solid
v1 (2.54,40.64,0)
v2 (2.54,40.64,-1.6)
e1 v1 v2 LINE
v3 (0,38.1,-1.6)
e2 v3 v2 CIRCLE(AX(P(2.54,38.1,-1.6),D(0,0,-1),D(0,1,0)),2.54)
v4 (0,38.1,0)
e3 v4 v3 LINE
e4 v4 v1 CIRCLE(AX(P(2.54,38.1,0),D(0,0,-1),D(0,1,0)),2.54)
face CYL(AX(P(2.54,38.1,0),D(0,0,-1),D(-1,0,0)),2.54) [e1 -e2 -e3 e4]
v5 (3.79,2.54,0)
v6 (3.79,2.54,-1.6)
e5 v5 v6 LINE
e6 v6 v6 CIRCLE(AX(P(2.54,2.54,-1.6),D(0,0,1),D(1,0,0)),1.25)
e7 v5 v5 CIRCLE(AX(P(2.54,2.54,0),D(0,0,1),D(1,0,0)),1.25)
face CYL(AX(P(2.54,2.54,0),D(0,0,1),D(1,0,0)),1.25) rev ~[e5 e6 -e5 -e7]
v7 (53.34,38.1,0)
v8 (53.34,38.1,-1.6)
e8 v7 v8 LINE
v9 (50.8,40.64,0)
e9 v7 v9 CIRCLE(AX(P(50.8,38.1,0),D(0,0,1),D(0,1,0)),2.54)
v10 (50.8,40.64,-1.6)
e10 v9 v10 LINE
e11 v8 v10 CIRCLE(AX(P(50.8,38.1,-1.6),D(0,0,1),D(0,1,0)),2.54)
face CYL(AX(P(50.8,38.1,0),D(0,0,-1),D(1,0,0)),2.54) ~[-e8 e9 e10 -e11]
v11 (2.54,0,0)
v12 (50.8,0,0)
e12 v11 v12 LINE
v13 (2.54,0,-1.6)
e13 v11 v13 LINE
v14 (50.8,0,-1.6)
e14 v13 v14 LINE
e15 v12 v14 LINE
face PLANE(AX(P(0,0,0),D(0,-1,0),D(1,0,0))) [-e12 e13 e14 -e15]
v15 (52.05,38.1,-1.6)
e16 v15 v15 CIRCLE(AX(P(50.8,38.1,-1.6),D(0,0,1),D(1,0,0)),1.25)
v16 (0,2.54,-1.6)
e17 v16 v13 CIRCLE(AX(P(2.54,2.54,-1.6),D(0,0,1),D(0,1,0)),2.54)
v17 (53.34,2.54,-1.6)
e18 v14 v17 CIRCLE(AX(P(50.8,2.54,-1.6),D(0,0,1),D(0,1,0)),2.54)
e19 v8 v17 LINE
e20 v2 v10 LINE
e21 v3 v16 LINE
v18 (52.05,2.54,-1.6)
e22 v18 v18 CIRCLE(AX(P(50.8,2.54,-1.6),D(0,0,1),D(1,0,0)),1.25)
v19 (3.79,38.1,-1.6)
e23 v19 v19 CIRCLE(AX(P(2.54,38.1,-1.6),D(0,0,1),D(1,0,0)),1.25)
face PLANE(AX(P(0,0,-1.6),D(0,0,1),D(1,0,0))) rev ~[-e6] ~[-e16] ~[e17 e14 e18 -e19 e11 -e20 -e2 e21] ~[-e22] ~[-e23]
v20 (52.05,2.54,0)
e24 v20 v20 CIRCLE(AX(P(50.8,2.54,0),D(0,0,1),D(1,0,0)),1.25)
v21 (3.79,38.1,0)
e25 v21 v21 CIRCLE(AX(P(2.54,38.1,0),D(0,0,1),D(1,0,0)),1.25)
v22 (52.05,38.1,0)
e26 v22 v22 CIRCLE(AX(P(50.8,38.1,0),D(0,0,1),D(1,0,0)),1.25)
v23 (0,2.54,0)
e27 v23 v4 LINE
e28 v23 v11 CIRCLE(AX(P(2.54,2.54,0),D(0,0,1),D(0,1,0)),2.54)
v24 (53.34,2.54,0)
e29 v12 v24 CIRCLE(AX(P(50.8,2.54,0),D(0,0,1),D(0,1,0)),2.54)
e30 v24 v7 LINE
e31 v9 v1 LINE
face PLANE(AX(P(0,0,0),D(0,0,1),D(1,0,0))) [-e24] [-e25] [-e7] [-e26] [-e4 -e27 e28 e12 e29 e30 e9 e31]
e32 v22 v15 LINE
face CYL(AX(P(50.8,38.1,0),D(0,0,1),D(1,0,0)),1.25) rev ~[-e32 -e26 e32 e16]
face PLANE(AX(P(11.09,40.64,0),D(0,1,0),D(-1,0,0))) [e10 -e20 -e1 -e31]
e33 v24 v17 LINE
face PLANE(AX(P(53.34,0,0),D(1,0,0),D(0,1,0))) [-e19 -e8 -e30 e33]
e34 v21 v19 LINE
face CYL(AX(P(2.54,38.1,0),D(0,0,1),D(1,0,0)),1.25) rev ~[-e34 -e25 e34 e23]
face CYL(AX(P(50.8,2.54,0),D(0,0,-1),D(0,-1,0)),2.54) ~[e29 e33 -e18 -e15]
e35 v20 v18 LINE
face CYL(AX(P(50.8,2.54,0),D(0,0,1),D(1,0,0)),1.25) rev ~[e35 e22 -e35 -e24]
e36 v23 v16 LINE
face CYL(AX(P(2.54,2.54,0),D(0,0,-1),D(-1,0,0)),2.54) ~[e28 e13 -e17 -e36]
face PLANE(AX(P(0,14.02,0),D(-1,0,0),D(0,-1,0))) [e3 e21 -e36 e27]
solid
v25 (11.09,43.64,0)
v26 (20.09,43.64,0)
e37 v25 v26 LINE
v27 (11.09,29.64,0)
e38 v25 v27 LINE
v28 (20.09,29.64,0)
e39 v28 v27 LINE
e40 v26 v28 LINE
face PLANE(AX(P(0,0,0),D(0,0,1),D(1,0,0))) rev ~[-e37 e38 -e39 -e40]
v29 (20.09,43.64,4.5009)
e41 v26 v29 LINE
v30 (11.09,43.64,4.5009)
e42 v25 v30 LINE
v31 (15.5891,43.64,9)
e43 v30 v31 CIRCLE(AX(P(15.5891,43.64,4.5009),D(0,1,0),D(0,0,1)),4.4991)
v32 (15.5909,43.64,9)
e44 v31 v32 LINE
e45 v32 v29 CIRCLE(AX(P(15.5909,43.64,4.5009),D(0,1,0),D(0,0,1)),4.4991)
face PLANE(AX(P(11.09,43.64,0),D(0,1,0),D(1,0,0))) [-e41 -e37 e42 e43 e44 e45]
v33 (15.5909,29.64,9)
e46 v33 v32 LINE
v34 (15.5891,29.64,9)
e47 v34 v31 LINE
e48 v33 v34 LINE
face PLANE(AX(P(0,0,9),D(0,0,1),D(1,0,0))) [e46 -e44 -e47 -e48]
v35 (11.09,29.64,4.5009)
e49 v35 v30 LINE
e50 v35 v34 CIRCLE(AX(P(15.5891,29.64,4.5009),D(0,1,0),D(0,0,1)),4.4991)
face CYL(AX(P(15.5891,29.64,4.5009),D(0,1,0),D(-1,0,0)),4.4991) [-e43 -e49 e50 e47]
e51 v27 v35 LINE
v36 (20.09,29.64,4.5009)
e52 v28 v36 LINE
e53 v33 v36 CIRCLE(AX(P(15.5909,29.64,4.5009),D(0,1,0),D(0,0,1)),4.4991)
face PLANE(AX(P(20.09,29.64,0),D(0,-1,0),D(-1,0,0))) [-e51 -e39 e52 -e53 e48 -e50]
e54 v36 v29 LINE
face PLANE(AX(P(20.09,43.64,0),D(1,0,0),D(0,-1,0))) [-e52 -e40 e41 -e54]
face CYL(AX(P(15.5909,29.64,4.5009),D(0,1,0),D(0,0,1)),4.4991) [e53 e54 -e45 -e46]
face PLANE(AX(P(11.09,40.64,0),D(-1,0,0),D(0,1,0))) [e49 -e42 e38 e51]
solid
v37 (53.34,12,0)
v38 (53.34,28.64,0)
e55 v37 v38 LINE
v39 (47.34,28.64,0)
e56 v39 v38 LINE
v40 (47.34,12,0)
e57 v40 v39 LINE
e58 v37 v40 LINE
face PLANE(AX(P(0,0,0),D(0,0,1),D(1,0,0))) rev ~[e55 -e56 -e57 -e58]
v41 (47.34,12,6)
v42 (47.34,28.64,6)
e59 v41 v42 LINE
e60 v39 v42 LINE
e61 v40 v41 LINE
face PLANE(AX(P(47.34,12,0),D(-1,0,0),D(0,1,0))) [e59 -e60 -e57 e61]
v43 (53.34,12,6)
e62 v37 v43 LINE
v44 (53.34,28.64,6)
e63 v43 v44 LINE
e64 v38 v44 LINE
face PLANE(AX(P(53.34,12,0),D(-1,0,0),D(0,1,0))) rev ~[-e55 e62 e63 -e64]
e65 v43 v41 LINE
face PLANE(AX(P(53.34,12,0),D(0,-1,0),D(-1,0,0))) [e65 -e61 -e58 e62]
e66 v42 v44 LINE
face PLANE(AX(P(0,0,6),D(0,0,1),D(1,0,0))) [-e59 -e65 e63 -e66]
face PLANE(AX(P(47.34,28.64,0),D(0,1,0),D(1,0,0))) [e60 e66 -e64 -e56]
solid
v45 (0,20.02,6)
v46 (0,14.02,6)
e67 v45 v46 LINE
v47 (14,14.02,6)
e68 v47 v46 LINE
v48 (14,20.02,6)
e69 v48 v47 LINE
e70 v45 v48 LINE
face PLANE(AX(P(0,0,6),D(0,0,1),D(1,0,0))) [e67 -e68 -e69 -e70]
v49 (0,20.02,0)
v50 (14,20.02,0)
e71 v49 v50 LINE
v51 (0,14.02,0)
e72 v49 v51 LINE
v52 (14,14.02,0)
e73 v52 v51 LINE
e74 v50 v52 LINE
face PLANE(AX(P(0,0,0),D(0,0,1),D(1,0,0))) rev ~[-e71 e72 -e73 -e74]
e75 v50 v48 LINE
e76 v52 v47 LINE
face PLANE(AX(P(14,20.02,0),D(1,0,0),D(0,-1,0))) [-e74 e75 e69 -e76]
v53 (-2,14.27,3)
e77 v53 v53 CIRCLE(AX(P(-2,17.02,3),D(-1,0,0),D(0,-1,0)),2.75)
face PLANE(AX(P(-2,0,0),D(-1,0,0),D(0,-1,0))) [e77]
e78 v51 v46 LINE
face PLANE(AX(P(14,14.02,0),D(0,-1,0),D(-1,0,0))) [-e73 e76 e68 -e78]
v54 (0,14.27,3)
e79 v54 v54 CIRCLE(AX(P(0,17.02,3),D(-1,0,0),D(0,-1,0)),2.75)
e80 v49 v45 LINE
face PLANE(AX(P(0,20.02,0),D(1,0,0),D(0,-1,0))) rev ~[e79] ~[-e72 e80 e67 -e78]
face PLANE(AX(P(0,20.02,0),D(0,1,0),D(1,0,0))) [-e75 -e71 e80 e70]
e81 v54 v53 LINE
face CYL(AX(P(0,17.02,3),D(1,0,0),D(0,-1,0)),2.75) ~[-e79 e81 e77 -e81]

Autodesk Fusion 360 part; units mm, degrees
sketch "Sketch1" plane through (0, 0, 0) normal (0, 0, 1) x (1, 0, 0)
  line L0 (0, 0) -> (53.34, 0)
  line L1 (53.34, 0) -> (53.34, 40.64)
  line L2 (53.34, 40.64) -> (0, 40.64)
  line L3 (0, 40.64) -> (0, 0)
  circle A0 centre (2.54, 2.54) radius 1.25
  line L4 (26.67, 40.64) -> (26.67, 0) construction
  line L5 (53.34, 20.32) -> (0, 20.32) construction
  circle A1 centre (50.8, 2.54) radius 1.25
  circle A2 centre (2.54, 38.1) radius 1.25
  circle A3 centre (50.8, 38.1) radius 1.25
  line L6 (0, 20.02) -> (14, 20.02)
  line L7 (14, 20.02) -> (14, 14.02)
  line L8 (14, 14.02) -> (0, 14.02)
  line L9 (0, 14.02) -> (0, 20.02)
  line L10 (14, 17.02) -> (0, 17.02) construction
  line L11 (11.09, 43.64) -> (20.09, 43.64)
  line L12 (20.09, 43.64) -> (20.09, 29.64)
  line L13 (20.09, 29.64) -> (11.09, 29.64)
  line L14 (11.09, 29.64) -> (11.09, 43.64)
  line L15 (15.59, 43.64) -> (15.59, 29.64) construction
  line L16 (53.34, 12) -> (47.34, 12)
  line L17 (47.34, 12) -> (47.34, 28.64)
  line L18 (47.34, 28.64) -> (53.34, 28.64)
  line L19 (53.34, 28.64) -> (53.34, 12)
  line L20 (53.34, 12) -> (47.34, 28.64) construction
  line L21 (47.34, 12) -> (53.34, 28.64) construction
  point P0 (50.34, 20.32)
  dimension "d1" = 53.34
  dimension "d2" = 40.64
  dimension "d3" = 2.5
  dimension "d4" = 2.54
  dimension "d5" = 2.54
  dimension "d9" = 14
  dimension "d10" = 6
  dimension "d11" = 17.02
  dimension "d12" = 9
  dimension "d13" = 14
  dimension "d14" = 15.59
  dimension "d15" = 3
  dimension "d24" = 16.64
  dimension "d25" = 6
extrude "Extrude1" add sketch "Sketch1" against normal blind 1.6 contours L0 L1 L2 L3 L6 L7 L8 L12 L13 L14 L16 L17 L18 | L3 L6 L7 L8 L9 | L1 L16 L17 L18 L19 | L2 L12 L13 L14 makes body 1
fillet "Fillet1" radius 2.54 4 edges at (53.34, 0, -0.8) (53.34, 40.64, -0.8) (0, 40.64, -0.8) (0, 0, -0.8) on bodies 1
extrude "Extrude2" add sketch "Sketch1" along normal blind 6 separate body contours L3 L6 L7 L8 L9 makes body 2
sketch "Sketch2" plane through (0, 0, 0) normal (-1, 0, 0) x (0, -1, 0)
  line L0 (-20.02, 0) -> (-14.02, 0)
  line L1 (-14.02, 0) -> (-14.02, 6)
  line L2 (-14.02, 6) -> (-20.02, 6)
  line L3 (-20.02, 6) -> (-20.02, 0)
  line L4 (-17.02, 6) -> (-17.02, 0) construction
  line L5 (-20.02, 3) -> (-14.02, 3) construction
  circle A0 centre (-17.02, 3) radius 2.75
  point P0 (-17.02, 0)
  dimension "d18" = 5.5
extrude "Extrude3" add sketch "Sketch2" along normal blind 2 contours A0 bodies 2
extrude "Extrude4" add sketch "Sketch1" along normal blind 9 separate body contours L2 L11 L12 L14 | L2 L12 L13 L14 makes body 3
fillet "Fillet2" radius 4.5 2 edges at (11.09, 36.64, 9) (20.09, 36.64, 9) on bodies 3
extrude "Extrude5" add sketch "Sketch1" along normal blind 6 separate body contours L1 L16 L17 L18 L19 makes body 4
